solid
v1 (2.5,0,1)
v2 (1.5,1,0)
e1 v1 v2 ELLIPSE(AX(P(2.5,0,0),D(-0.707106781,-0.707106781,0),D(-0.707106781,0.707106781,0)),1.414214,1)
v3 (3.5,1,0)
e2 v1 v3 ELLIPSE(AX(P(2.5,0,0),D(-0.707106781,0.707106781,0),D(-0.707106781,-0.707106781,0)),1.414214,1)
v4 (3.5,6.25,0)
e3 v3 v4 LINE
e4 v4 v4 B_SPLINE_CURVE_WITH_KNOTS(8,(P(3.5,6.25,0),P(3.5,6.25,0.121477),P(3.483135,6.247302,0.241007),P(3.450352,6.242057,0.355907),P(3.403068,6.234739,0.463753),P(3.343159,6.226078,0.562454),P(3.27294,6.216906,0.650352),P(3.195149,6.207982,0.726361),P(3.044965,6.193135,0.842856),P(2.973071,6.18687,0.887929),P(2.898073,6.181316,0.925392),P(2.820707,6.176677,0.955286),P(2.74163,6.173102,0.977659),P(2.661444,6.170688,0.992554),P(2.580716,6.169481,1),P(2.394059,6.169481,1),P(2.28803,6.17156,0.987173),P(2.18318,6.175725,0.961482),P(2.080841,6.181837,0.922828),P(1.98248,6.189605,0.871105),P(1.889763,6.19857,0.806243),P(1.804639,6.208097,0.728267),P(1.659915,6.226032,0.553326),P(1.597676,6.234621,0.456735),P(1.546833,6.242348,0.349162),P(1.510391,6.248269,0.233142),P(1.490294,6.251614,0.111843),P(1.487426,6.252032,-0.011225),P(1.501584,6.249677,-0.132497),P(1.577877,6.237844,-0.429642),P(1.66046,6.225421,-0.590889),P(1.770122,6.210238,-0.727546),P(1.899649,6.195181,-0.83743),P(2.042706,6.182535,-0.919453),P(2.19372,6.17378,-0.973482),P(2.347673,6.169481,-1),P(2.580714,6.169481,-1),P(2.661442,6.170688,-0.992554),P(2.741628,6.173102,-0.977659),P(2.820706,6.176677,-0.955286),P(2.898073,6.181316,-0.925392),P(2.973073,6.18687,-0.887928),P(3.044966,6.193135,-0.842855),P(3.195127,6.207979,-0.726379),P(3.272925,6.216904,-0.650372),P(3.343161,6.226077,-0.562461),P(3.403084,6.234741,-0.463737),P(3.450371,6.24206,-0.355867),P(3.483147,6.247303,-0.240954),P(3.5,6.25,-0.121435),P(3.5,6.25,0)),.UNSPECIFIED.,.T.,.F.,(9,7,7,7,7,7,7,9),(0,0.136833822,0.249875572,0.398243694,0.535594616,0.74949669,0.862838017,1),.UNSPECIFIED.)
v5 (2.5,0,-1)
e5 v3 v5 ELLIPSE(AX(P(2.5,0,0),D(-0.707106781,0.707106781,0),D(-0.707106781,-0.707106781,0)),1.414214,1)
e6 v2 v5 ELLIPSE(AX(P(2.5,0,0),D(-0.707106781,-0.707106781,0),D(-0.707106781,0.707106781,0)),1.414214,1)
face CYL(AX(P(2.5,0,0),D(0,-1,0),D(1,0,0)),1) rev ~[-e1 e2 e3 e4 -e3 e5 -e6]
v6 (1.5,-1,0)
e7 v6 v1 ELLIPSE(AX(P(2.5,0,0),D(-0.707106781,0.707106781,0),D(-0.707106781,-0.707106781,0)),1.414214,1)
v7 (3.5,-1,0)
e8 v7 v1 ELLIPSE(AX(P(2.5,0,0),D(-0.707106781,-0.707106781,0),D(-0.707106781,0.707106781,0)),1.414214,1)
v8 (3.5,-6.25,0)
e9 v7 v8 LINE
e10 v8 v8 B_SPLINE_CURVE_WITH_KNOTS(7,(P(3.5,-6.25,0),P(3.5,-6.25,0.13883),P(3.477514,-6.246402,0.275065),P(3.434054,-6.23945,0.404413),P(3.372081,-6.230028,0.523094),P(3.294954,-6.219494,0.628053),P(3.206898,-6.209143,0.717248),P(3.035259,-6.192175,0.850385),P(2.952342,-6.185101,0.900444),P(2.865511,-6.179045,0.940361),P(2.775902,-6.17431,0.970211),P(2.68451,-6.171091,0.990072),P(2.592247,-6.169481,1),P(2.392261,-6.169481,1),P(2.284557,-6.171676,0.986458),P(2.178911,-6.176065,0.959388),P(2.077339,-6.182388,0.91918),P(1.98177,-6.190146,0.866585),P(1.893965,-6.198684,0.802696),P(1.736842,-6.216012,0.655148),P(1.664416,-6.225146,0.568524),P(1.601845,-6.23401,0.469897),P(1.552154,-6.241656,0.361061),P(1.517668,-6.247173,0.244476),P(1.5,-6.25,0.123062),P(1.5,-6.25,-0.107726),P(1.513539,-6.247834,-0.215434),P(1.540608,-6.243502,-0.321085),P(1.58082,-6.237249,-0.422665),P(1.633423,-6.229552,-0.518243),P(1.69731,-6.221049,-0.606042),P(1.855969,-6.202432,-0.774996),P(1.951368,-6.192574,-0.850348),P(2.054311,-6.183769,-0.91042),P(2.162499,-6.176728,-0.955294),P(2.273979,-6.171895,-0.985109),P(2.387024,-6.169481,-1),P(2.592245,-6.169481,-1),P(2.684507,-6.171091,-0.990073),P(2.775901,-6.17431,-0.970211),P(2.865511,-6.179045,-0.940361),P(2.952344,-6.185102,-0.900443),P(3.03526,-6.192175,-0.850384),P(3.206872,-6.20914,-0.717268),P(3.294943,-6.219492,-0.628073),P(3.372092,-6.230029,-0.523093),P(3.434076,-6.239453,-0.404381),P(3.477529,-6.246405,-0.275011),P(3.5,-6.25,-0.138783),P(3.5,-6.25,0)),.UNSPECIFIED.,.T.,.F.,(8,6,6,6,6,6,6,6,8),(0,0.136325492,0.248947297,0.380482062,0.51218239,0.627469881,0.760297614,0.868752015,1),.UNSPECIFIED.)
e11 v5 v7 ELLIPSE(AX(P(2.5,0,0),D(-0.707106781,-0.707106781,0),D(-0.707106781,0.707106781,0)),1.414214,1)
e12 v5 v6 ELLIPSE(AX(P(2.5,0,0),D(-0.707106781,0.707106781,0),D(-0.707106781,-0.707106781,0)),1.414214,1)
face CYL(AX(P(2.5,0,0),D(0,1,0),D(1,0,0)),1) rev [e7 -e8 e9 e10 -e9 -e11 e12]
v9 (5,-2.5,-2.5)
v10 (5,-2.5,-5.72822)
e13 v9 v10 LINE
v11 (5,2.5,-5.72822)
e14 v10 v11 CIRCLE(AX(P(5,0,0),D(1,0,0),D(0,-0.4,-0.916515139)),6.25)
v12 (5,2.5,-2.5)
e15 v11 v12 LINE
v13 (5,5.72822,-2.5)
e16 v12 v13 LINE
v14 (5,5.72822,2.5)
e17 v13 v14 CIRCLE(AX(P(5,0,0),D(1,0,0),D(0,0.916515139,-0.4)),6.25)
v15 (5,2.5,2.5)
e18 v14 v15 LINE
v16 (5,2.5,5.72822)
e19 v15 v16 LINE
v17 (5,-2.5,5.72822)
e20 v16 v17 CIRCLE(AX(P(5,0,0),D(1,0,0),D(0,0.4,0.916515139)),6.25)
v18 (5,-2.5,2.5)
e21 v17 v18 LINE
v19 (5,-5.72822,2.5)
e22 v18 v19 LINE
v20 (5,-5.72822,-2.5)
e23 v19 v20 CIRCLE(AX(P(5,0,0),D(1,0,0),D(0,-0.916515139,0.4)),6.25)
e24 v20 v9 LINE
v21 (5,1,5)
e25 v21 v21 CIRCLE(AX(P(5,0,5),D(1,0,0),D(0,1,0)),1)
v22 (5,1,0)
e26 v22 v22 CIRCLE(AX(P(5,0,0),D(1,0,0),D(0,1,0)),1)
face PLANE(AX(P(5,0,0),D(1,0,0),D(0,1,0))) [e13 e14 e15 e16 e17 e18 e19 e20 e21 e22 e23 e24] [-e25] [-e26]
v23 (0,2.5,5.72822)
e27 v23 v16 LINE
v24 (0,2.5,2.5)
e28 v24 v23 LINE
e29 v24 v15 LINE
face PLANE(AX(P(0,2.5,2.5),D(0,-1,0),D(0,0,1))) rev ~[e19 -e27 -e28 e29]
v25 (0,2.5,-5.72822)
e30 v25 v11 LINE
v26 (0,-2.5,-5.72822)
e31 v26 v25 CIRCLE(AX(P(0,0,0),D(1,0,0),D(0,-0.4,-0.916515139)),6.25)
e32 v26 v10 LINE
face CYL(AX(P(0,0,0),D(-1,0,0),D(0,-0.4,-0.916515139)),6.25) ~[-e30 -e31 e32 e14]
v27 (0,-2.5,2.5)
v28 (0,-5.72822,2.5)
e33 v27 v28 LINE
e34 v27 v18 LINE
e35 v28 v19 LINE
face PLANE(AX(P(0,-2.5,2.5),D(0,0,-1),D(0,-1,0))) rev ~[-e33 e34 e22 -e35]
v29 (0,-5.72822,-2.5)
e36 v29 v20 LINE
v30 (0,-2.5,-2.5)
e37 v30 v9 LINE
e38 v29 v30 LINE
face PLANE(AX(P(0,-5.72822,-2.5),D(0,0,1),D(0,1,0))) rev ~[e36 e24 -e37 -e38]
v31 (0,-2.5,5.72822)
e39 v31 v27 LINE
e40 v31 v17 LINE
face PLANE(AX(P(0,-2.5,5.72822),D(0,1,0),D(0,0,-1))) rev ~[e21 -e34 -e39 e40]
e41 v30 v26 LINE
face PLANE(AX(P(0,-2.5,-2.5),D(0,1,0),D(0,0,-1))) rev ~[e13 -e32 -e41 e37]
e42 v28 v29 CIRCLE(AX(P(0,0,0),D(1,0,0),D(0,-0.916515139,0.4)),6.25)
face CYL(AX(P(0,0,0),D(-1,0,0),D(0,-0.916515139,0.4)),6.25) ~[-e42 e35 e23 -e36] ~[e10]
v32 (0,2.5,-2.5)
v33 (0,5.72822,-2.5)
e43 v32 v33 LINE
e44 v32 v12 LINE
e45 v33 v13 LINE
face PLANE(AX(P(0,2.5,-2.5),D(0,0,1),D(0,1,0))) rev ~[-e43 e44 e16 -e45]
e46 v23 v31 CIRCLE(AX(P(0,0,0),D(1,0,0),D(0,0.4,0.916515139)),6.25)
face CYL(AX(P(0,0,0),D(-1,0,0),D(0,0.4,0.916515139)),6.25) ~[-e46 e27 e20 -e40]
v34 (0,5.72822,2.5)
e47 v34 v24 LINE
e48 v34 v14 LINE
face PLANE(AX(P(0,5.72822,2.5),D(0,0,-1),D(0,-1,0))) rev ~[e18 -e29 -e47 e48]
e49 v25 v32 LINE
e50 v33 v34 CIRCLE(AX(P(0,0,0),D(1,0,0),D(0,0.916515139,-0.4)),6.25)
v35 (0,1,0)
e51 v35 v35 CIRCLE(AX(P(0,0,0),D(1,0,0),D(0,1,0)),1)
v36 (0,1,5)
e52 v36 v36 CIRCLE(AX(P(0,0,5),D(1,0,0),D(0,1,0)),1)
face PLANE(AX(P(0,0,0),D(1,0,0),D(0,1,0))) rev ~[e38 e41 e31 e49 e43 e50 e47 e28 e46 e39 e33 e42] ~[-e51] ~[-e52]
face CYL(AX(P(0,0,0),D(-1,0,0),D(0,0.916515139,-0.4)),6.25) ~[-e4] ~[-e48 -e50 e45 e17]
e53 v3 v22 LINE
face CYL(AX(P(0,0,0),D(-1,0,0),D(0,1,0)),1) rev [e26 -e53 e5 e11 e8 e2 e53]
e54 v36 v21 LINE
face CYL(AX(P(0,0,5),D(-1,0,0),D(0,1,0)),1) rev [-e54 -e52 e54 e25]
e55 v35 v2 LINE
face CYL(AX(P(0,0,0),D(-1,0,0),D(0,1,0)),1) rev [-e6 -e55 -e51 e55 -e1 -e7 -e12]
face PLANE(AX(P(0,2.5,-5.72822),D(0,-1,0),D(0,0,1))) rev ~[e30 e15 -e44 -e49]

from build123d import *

# Parameters (mm, degrees)
F0_R          = 1
F1_DEPTH      = 5
F2_R          = 1
F3_DEPTH      = 25
F3_DEPTH_BACK = 25


with BuildPart() as f1:
    # F0 (on Right) → F1 (new body)
    with BuildSketch(Plane.YZ):
        with BuildLine():
            Line((-2.5, 2.5), (-5.7282196187, 2.5))
            ThreePointArc((-5.7282196187, 2.5), (-6.25, 0), (-5.7282196187, -2.5))
            Line((-5.7282196187, -2.5), (-2.5, -2.5))
            Line((-2.5, -2.5), (-2.5, -5.7282196187))
            ThreePointArc((-2.5, -5.7282196187), (0, -6.25), (2.5, -5.7282196187))
            Line((2.5, -5.7282196187), (2.5, -2.5))
            Line((2.5, -2.5), (5.7282196187, -2.5))
            ThreePointArc((5.7282196187, -2.5), (6.25, 0), (5.7282196187, 2.5))
            Line((5.7282196187, 2.5), (2.5, 2.5))
            Line((2.5, 2.5), (2.5, 5.7282196187))
            ThreePointArc((2.5, 5.7282196187), (0, 6.25), (-2.5, 5.7282196187))
            Line((-2.5, 5.7282196187), (-2.5, 2.5))
        make_face()
        Circle(F0_R, mode=Mode.SUBTRACT)
        with Locations((0, 5)):
            Circle(F0_R, mode=Mode.SUBTRACT)
    extrude(amount=F1_DEPTH)

    # F2 (on Front) → F3 (cut, two sides)
    with BuildSketch(Plane.XZ) as f3_sk:
        with Locations((2.5, 0)):
            Circle(F2_R)
    extrude(amount=-F3_DEPTH, mode=Mode.SUBTRACT)
    extrude(f3_sk.sketch, amount=F3_DEPTH_BACK, mode=Mode.SUBTRACT)


solid = f1.part
